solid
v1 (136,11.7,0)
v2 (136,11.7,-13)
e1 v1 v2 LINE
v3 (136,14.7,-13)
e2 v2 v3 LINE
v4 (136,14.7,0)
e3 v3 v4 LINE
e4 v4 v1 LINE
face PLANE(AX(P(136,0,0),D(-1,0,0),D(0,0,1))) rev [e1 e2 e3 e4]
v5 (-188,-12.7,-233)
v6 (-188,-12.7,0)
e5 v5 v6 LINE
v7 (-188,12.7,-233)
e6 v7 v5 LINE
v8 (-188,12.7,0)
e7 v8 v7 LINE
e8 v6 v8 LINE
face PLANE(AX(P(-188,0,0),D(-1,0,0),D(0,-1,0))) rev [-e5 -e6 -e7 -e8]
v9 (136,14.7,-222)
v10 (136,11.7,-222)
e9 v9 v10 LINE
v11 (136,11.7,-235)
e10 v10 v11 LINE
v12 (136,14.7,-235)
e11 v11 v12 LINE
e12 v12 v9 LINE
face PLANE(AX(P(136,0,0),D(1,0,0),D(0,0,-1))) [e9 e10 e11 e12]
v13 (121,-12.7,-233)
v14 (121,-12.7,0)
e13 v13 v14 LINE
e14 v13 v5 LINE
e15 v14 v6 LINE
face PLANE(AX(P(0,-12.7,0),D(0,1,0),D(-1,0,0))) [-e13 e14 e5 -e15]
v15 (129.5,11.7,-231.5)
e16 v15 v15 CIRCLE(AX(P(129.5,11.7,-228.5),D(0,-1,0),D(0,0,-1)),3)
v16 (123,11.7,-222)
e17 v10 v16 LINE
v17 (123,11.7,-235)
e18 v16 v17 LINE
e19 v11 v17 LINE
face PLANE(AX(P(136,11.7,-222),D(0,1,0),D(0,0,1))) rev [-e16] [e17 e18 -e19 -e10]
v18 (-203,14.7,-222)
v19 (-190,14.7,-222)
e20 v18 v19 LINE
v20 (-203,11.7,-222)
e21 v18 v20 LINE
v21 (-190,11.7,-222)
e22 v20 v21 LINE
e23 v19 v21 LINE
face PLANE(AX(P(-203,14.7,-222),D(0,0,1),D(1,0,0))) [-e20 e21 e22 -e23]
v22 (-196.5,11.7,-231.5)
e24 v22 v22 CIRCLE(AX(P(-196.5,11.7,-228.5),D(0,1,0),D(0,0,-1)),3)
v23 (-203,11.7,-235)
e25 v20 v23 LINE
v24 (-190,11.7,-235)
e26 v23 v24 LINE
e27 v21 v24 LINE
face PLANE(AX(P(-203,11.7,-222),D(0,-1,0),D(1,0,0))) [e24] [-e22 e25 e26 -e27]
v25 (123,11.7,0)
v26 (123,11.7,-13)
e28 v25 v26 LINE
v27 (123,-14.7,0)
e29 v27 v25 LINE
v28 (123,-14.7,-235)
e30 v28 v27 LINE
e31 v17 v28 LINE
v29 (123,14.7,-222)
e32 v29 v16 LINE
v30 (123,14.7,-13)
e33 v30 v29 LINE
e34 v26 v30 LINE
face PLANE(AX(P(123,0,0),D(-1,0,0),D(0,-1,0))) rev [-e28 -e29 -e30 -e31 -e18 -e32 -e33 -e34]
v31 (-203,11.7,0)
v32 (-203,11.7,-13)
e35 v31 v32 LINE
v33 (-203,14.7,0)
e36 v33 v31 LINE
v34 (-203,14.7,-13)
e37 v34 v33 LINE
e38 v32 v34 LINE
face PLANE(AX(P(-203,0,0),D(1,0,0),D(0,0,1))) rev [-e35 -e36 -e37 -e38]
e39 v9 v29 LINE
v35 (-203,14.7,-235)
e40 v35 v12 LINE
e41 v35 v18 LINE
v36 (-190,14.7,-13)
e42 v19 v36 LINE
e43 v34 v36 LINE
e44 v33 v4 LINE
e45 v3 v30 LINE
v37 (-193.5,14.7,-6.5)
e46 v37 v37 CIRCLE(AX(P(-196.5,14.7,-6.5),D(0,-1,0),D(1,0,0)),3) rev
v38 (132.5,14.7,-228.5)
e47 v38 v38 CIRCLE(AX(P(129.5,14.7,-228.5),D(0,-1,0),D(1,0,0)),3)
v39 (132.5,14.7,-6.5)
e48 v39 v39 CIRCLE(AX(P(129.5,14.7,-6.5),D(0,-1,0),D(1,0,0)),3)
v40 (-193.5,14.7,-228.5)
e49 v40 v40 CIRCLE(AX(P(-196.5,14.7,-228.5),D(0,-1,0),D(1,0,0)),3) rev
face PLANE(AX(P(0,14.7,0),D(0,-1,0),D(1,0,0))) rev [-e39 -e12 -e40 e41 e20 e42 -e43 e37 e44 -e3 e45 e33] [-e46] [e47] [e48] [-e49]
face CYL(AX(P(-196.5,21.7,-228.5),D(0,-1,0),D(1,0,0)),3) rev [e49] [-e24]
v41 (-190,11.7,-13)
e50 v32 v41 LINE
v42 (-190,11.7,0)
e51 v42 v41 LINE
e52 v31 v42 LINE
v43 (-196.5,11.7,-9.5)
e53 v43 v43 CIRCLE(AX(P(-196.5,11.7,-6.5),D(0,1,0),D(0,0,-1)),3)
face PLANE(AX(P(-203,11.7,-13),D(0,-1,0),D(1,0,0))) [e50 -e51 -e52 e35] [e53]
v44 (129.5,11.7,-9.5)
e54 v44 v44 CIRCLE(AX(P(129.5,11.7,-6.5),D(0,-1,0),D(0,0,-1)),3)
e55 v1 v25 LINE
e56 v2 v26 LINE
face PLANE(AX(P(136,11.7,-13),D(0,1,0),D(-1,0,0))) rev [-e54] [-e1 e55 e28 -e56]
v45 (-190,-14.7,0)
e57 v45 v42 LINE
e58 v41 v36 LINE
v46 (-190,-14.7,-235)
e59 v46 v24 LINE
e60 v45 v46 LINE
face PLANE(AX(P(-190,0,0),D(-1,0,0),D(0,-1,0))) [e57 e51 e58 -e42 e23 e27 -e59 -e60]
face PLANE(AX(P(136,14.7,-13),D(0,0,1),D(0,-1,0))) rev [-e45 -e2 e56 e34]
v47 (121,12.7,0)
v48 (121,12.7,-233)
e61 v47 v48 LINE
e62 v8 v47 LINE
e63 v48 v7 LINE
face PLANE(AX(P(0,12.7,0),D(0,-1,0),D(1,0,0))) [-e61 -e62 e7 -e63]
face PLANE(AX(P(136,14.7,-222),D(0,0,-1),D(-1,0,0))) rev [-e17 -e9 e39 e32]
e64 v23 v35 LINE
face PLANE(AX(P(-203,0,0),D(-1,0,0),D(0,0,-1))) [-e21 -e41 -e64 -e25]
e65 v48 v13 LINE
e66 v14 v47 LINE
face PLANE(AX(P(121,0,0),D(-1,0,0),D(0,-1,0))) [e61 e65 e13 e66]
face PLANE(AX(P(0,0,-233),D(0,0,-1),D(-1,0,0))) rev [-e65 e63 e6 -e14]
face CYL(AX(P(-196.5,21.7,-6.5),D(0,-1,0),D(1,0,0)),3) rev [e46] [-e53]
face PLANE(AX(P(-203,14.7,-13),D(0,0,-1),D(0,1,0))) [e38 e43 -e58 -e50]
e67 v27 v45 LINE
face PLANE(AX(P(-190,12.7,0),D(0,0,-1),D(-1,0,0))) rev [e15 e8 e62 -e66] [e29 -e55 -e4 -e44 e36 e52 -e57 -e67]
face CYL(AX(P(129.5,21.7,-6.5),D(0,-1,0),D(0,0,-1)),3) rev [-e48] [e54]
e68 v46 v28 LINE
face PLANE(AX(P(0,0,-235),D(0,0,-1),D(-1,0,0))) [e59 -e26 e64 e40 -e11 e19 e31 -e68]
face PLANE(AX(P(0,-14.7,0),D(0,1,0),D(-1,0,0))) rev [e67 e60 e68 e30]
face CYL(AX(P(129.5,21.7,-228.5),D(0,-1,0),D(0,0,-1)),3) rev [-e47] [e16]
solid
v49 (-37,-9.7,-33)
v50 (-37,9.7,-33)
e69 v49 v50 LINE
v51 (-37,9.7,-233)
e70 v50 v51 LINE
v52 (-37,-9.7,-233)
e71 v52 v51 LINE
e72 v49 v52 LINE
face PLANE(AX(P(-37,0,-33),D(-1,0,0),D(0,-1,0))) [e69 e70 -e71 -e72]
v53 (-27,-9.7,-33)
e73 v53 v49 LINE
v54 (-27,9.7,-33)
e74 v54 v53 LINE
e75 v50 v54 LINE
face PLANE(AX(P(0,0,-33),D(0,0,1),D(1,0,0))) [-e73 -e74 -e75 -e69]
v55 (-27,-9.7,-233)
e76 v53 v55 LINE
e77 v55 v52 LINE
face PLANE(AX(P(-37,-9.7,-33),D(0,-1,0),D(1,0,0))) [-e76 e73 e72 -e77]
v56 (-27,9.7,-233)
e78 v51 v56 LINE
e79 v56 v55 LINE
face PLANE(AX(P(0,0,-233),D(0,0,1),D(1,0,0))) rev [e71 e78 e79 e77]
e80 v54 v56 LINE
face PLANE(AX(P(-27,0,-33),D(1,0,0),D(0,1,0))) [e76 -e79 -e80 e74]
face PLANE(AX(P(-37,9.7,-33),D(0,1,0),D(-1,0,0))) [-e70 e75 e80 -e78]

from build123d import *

# Parameters (mm, degrees)
BOSS_EXTRUDE1_DEPTH  = 2
BOSS_EXTRUDE2_DEPTH  = 2
BOSS_EXTRUDE3_DEPTH  = 2
BOSS_EXTRUDE4_DEPTH  = 200
BOSS_EXTRUDE5_DEPTH  = 2
SKETCH7_W            = 313
SKETCH7_H            = 235
BOSS_EXTRUDE6_DEPTH  = 2
SKETCH8_W            = 13
SKETCH8_H            = 3
BOSS_EXTRUDE10_DEPTH = 13
SKETCH9_R            = 3
CUT_EXTRUDE1_DEPTH   = 10


with BuildPart() as part:
    # Sketch2 → Boss-Extrude1 (new body)
    with BuildSketch(Plane.ZY.offset(188)):
        Polygon((-59, 12.7), (-57, 12.7), (0, 12.7), (0, 8.2), (0, -8.2), (0, -12.7), (-57, -12.7), (-59, -12.7), (-233, -12.7), (-233, 0), (-233, 9.7), (-233, 12.7), align=None)
    extrude(amount=BOSS_EXTRUDE1_DEPTH)

    # Sketch3 → Boss-Extrude2 (add)
    with BuildSketch(Plane(origin=(0, 12.7, 0), x_dir=(1, 0, 0), z_dir=(0, 1, 0))):
        Polygon((-190, 233), (-188, 233), (121, 233), (121, 59), (121, 0), (111, 0), (-190, 0), align=None)
    extrude(amount=BOSS_EXTRUDE2_DEPTH)

    # Sketch4 → Boss-Extrude3 (add)
    with BuildSketch(Plane(origin=(0, 0, -233), x_dir=(-1, 0, 0), z_dir=(0, 0, -1))):
        Polygon((-121, 14.7), (190, 14.7), (190, -12.7), (-111, -12.7), (-121, -12.7), (-121, 12.7), align=None)
    extrude(amount=BOSS_EXTRUDE3_DEPTH)

    # Sketch6 → Boss-Extrude5 (add)
    with BuildSketch(Plane(origin=(121, 0, 0), x_dir=(0, 0, -1), z_dir=(1, 0, 0))):
        Polygon((235, 14.7), (235, -12.7), (0, -12.7), (0, 12.7), (0, 14.7), align=None)
    extrude(amount=BOSS_EXTRUDE5_DEPTH)

    # Sketch7 → Boss-Extrude6 (add)
    with BuildSketch(Plane.XZ.offset(12.7)):
        with Locations((-33.5, -117.5)):
            Rectangle(SKETCH7_W, SKETCH7_H)
    extrude(amount=BOSS_EXTRUDE6_DEPTH)

    # Sketch8 → Boss-Extrude10 (add)
    with BuildSketch(Plane(origin=(123, 0, 0), x_dir=(0, 0, -1), z_dir=(1, 0, 0))):
        with Locations((6.5, 13.2)):
            Rectangle(SKETCH8_W, SKETCH8_H)
        with Locations((228.5, 13.2)):
            Rectangle(SKETCH8_W, SKETCH8_H)
    boss_extrude10 = extrude(amount=BOSS_EXTRUDE10_DEPTH)

    # Mirror1: Boss-Extrude10 across plane
    add(boss_extrude10.mirror(Plane.ZY.offset(33.5)))

    # Sketch9 → Cut-Extrude1 (cut)
    with BuildSketch(Plane.XZ.offset(-11.7)):
        with Locations((129.5, -228.5)):
            Circle(SKETCH9_R)
        with Locations((129.5, -6.5)):
            Circle(SKETCH9_R)
    cut_extrude1 = extrude(amount=-CUT_EXTRUDE1_DEPTH, mode=Mode.SUBTRACT)

    # Mirror2: Cut-Extrude1 across plane
    add(cut_extrude1.mirror(Plane.ZY.offset(33.5)), mode=Mode.SUBTRACT)


with BuildPart() as body_2:
    # Sketch5 → Boss-Extrude4 (new body)
    with BuildSketch(Plane(origin=(0, 0, -233), x_dir=(-1, 0, 0), z_dir=(0, 0, -1))):
        Polygon((27, 0), (27, -9.7), (37, -9.7), (37, 0), (37, 9.7), (27, 9.7), align=None)
    extrude(amount=-BOSS_EXTRUDE4_DEPTH)


solid = Compound([part.part, body_2.part])
